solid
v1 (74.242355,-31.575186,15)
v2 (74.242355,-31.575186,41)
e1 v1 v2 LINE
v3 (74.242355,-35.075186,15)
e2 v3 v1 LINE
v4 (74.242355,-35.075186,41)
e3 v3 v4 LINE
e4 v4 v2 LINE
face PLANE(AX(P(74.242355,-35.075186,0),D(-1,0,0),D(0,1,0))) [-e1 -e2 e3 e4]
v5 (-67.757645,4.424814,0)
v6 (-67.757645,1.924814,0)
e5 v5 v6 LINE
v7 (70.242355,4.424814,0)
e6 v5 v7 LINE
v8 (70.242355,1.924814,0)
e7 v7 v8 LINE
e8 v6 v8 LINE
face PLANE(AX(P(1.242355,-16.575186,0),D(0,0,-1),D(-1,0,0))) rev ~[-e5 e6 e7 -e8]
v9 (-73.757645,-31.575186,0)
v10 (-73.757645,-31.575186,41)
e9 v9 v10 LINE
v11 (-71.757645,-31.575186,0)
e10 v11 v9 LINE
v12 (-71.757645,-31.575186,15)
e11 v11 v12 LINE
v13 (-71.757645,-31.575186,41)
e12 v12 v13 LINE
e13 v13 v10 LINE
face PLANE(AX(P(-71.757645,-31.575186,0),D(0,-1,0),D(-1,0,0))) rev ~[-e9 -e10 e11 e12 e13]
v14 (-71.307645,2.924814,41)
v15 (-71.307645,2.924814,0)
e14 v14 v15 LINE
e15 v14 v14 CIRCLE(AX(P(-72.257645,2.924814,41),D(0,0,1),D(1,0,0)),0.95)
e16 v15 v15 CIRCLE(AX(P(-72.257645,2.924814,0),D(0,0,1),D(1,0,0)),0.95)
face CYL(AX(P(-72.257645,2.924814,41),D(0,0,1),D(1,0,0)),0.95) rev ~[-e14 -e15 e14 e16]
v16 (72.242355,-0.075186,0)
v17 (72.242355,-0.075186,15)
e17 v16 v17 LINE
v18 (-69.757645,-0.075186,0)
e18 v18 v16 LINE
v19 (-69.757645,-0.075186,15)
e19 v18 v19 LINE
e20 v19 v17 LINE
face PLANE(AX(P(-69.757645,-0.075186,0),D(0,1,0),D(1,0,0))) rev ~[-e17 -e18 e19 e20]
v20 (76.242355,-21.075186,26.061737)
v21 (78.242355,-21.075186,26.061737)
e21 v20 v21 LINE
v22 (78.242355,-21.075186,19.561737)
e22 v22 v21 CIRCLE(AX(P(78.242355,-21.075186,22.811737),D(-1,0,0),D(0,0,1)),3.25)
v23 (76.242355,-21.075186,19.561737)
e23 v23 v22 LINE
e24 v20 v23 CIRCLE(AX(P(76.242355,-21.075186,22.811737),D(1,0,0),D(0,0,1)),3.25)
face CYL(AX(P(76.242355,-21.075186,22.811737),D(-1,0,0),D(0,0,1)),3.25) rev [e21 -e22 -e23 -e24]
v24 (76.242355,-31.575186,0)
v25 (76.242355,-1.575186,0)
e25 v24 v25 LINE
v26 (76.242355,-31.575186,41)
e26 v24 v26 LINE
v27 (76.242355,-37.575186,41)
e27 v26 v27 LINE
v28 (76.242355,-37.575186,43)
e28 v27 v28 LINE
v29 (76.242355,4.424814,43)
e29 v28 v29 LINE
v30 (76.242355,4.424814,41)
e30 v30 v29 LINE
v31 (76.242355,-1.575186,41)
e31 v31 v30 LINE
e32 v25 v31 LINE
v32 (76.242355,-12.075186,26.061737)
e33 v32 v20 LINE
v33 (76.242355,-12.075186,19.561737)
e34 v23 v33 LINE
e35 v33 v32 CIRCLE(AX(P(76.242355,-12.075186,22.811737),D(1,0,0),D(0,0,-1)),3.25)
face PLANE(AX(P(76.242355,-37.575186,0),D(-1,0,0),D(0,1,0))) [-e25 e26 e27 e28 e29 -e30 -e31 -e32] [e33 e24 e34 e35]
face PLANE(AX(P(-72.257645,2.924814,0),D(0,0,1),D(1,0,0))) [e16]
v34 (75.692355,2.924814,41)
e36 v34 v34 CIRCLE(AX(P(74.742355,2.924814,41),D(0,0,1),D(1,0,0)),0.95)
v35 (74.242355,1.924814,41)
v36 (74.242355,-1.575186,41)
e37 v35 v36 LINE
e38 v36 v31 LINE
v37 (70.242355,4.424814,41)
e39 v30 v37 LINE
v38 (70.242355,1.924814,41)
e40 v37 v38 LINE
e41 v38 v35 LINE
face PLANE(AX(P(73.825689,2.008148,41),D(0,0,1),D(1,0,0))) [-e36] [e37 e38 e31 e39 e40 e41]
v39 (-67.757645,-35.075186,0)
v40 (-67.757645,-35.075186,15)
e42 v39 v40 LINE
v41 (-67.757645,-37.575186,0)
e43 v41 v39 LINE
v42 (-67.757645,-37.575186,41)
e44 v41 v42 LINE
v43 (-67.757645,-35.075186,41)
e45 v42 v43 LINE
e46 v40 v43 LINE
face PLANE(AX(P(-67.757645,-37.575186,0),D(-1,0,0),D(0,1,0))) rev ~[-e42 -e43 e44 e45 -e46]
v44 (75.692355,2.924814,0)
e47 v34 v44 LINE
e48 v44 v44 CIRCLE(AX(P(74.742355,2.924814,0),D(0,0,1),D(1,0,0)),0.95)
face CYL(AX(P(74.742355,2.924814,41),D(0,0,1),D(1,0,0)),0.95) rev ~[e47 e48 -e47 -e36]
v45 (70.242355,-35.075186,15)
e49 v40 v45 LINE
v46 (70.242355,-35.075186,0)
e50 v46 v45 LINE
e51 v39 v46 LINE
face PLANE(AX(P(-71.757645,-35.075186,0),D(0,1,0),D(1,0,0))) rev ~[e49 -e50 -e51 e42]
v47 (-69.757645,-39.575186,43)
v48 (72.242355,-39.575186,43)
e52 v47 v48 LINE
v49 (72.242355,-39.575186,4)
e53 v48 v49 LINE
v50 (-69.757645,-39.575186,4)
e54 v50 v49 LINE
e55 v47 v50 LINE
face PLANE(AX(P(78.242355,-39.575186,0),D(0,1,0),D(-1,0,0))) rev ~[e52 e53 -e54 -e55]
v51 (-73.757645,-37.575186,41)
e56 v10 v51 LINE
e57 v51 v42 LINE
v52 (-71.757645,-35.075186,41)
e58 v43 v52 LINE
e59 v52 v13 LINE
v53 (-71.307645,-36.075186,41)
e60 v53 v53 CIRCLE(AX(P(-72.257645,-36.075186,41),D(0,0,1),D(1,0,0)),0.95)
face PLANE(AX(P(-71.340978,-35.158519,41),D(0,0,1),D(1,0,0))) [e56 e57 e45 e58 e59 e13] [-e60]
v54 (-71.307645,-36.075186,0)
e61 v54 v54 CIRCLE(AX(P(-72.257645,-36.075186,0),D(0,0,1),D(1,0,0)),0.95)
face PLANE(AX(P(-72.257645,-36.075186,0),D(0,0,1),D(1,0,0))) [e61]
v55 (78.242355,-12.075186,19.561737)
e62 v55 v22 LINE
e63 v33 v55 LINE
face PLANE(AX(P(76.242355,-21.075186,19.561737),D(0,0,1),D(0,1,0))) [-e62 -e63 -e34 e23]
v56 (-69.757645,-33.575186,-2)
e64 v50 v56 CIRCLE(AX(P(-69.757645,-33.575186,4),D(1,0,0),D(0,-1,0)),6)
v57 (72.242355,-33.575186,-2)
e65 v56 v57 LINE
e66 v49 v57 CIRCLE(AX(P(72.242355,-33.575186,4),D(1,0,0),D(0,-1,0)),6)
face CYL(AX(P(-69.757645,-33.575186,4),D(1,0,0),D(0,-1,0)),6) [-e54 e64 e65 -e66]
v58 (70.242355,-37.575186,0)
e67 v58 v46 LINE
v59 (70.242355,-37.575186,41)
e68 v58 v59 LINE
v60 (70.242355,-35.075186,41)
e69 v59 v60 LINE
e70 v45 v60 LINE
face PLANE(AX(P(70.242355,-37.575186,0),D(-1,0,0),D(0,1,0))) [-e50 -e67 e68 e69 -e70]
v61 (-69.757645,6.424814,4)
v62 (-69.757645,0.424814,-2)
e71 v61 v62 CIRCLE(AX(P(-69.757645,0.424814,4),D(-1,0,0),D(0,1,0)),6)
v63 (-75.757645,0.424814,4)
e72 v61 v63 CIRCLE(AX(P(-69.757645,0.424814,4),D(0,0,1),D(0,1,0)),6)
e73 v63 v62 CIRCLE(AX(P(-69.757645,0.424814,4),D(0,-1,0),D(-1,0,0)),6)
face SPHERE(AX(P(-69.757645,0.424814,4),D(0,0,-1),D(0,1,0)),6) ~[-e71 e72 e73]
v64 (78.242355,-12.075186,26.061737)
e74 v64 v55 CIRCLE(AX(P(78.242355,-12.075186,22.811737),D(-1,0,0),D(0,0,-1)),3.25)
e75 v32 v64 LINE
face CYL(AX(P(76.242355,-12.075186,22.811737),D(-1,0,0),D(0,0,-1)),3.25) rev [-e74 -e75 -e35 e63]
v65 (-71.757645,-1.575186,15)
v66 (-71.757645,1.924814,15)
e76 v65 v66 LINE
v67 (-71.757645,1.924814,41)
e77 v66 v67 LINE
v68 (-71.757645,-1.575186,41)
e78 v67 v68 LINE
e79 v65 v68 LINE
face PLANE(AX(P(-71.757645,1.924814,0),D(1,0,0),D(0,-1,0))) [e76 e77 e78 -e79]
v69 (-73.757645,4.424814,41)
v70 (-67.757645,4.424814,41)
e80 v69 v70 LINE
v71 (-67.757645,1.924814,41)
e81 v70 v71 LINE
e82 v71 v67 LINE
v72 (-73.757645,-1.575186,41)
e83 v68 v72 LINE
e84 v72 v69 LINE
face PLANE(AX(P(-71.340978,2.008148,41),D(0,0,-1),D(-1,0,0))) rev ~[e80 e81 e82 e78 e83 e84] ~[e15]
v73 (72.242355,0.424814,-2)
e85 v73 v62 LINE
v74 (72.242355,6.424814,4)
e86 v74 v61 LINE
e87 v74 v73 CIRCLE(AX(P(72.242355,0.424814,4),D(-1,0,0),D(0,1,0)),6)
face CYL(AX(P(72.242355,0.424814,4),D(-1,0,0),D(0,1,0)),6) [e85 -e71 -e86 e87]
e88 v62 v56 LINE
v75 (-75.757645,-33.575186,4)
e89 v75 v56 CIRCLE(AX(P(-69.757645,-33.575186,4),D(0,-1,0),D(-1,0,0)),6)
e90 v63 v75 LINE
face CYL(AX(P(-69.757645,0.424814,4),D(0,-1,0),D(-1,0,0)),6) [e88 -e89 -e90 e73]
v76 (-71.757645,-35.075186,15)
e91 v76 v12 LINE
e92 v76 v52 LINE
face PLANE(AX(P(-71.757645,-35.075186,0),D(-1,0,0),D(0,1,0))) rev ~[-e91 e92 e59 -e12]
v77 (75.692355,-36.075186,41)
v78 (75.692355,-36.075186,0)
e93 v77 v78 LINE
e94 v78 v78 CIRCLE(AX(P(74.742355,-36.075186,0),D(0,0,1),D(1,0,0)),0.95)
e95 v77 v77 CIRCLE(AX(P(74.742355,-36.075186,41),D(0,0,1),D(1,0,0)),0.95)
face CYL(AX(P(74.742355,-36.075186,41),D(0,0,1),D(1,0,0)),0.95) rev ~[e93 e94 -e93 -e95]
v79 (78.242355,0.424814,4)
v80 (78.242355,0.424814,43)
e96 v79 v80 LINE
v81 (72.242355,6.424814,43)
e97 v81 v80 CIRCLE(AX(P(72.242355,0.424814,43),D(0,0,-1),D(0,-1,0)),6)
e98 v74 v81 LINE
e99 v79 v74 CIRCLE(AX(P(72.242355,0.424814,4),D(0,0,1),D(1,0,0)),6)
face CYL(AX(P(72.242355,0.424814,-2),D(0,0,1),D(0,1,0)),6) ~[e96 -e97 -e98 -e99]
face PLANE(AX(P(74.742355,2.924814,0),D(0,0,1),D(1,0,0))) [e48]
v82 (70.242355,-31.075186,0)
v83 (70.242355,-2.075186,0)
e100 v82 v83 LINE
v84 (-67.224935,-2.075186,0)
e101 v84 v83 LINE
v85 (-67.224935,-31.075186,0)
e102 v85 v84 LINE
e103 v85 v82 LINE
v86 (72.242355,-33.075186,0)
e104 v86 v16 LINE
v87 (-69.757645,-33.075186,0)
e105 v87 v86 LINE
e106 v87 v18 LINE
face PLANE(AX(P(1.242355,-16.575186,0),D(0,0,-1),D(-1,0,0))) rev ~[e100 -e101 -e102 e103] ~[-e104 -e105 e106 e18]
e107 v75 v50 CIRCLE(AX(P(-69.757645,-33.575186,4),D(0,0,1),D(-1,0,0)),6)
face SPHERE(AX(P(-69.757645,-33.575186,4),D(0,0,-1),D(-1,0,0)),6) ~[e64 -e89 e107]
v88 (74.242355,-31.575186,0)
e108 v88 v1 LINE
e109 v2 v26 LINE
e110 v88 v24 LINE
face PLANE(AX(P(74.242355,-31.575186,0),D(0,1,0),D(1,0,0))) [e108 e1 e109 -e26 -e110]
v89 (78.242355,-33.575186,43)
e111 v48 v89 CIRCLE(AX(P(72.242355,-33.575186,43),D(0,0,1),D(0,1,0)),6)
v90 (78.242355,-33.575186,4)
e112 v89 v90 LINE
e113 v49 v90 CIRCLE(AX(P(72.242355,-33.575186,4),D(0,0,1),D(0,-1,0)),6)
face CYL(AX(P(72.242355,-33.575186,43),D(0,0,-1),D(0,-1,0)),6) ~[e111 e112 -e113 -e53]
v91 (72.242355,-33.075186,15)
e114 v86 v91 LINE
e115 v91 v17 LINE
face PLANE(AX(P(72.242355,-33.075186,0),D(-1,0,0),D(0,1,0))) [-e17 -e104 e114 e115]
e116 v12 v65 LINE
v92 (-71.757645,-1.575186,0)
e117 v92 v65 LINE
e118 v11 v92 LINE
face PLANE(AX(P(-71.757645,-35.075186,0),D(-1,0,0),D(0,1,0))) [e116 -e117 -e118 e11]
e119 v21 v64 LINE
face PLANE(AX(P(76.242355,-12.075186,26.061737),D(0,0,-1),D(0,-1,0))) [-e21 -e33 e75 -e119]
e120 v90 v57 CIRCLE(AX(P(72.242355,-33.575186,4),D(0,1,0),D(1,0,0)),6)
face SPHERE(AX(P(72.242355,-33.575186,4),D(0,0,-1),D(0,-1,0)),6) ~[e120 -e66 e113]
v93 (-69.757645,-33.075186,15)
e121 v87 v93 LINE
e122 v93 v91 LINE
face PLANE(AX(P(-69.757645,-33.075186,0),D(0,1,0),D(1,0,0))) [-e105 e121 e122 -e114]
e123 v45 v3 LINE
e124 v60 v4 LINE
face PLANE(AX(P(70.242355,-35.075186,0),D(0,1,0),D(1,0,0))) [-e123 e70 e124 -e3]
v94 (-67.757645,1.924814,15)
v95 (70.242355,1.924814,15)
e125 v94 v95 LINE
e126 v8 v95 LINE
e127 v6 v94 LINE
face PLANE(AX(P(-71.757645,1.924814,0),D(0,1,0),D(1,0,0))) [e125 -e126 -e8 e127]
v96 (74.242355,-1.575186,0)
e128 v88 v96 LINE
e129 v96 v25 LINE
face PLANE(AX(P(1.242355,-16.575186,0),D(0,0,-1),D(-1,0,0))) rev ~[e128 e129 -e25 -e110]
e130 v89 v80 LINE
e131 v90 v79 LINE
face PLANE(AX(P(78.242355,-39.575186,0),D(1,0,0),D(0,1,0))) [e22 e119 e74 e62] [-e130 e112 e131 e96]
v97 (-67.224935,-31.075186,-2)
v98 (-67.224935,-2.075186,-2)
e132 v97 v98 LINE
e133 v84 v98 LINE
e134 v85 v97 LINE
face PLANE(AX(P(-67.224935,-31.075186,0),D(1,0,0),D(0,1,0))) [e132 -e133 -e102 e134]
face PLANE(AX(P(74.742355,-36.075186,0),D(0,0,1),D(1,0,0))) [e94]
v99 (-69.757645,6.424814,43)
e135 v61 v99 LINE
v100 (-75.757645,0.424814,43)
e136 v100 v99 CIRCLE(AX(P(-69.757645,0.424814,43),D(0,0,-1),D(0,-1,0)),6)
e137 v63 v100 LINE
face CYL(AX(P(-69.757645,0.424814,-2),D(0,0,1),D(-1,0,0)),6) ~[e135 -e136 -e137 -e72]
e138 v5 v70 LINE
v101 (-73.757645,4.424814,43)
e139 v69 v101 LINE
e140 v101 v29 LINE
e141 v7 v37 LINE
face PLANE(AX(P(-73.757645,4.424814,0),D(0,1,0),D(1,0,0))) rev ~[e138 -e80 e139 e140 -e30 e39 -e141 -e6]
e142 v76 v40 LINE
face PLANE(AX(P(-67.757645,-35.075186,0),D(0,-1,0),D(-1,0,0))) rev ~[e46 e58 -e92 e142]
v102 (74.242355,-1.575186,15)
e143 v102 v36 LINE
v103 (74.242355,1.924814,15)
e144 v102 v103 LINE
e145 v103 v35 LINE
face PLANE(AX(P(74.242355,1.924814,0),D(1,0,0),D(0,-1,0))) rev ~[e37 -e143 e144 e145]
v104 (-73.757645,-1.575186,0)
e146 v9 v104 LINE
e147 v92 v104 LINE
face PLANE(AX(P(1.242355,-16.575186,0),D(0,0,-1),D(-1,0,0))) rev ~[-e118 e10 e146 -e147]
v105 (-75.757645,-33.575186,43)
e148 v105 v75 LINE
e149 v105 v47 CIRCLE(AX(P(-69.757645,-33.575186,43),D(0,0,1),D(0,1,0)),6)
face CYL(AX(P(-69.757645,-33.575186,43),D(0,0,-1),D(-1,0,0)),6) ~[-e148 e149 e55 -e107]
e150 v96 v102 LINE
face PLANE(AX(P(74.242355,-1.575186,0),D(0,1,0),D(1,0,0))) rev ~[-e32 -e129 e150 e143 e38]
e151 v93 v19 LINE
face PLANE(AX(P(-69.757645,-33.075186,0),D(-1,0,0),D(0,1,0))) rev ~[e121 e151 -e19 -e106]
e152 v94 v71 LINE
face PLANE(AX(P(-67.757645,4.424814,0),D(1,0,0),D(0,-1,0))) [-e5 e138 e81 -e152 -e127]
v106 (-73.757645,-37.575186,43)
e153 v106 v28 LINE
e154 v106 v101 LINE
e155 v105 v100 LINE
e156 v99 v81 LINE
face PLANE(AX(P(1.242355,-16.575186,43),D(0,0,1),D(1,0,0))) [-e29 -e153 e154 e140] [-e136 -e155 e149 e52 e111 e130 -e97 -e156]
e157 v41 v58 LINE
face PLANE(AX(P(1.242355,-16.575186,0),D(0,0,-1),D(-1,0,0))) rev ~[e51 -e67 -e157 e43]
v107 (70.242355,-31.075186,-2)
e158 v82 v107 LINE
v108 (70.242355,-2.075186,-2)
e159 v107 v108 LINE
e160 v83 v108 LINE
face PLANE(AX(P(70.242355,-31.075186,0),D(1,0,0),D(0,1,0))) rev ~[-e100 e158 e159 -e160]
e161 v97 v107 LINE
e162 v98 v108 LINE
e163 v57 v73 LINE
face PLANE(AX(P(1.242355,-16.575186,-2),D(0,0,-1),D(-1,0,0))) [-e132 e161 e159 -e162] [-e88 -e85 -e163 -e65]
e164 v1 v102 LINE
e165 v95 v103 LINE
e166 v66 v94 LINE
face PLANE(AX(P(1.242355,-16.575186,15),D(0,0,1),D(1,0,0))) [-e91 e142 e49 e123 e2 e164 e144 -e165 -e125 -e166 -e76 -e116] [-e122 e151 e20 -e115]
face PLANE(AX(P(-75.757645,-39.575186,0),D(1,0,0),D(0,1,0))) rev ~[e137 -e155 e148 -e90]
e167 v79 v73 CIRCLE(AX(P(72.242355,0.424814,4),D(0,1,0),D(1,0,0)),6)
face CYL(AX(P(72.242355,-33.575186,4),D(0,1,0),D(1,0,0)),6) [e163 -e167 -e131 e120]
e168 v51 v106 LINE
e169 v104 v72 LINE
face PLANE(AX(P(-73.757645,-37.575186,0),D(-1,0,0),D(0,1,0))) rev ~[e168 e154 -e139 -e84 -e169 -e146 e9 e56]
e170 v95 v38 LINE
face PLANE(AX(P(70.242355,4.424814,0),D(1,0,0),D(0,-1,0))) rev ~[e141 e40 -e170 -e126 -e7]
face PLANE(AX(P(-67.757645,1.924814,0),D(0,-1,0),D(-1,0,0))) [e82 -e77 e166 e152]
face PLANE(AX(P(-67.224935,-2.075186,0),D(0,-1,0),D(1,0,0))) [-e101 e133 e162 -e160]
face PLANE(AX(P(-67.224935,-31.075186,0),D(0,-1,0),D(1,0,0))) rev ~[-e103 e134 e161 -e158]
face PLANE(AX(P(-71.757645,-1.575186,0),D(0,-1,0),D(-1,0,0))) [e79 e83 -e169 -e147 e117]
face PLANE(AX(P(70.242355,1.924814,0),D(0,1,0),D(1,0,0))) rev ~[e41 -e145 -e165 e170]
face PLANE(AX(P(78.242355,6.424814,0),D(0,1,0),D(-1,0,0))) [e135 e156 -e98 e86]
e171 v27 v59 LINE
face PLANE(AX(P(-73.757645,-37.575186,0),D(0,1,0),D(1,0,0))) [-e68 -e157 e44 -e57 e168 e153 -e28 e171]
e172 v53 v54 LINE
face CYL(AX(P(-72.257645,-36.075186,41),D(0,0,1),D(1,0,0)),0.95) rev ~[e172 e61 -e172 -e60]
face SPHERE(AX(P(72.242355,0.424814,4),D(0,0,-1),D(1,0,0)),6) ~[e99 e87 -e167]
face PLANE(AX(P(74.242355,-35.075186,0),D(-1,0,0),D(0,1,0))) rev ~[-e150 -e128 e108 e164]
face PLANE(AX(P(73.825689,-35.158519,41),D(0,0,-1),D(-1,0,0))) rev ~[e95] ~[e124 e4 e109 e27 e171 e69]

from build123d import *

# Parameters (mm, degrees)
SKETCH_1_W          = 154
SKETCH_1_H          = 46
SKETCH_1_W_2        = 150
SKETCH_1_H_2        = 42
EXTRUDE_1_DEPTH     = 43
SKETCH_2_W          = 154
SKETCH_2_H          = 46
EXTRUDE_2_DEPTH     = 2
SKETCH_3_W          = 137.467290134
SKETCH_3_H          = 29
CUT_EXTRUDE_1_DEPTH = 2
SKETCH_3_4_W        = 146
SKETCH_3_4_H        = 37
SKETCH_3_4_W_2      = 142
SKETCH_3_4_H_2      = 33
EXTRUDE_3_DEPTH     = 15
EXTRUDE_9_DEPTH     = 41
SKETCH_8_R          = 0.95
CUT_EXTRUDE_2_DEPTH = 41
FILLET_2_R          = 6
FILLET_3_R          = 6
CUT_EXTRUDE_3_DEPTH = 41


with BuildPart() as part:
    # 草图1 → 凸台-拉伸1 (new body)
    with BuildSketch(Plane.XY):
        with Locations((1.242355366, -16.575185829)):
            Rectangle(SKETCH_1_W, SKETCH_1_H)
        with Locations((1.242355366, -16.575185829)):
            Rectangle(SKETCH_1_W_2, SKETCH_1_H_2, mode=Mode.SUBTRACT)
    extrude(amount=EXTRUDE_1_DEPTH)

    # 草图2 → 凸台-拉伸2 (add)
    with BuildSketch(Plane(origin=(0, 0, 0), x_dir=(-1, 0, 0), z_dir=(0, 0, -1))):
        with Locations((-1.242355366, -16.575185829)):
            Rectangle(SKETCH_2_W, SKETCH_2_H)
    extrude(amount=EXTRUDE_2_DEPTH)

    # 草图3 → 切除-拉伸1 (cut)
    with BuildSketch(Plane.XY):
        with Locations((1.508710299, -16.575185829)):
            Rectangle(SKETCH_3_W, SKETCH_3_H)
    extrude(amount=-CUT_EXTRUDE_1_DEPTH, mode=Mode.SUBTRACT)

    # 草图3<4> → 凸台-拉伸3 (add)
    with BuildSketch(Plane.XY):
        with Locations((1.242355366, -16.575185829)):
            Rectangle(SKETCH_3_4_W, SKETCH_3_4_H)
        with Locations((1.242355366, -16.575185829)):
            Rectangle(SKETCH_3_4_W_2, SKETCH_3_4_H_2, mode=Mode.SUBTRACT)
    extrude(amount=EXTRUDE_3_DEPTH)

    # 草图7 → 凸台-拉伸9 (add)
    with BuildSketch(Plane.XY):
        Polygon((-73.757644634, 4.424814171), (-67.757644634, 4.424814171), (-67.757644634, 1.924814171), (-71.757644634, 1.924814171), (-71.757644634, -1.575185829), (-73.757644634, -1.575185829), align=None)
        Polygon((74.242355366, -1.575185829), (76.242355366, -1.575185829), (76.242355366, 4.424814171), (70.242355366, 4.424814171), (70.242355366, 1.924814171), (74.242355366, 1.924814171), align=None)
        Polygon((74.242355366, -35.075185829), (74.242355366, -31.575185829), (76.242355366, -31.575185829), (76.242355366, -37.575185829), (70.242355366, -37.575185829), (70.242355366, -35.075185829), align=None)
        Polygon((-71.757644634, -31.575185829), (-73.757644634, -31.575185829), (-73.757644634, -37.575185829), (-67.757644634, -37.575185829), (-67.757644634, -35.075185829), (-71.757644634, -35.075185829), align=None)
    extrude(amount=EXTRUDE_9_DEPTH)

    # 草图8 → 切除-拉伸2 (cut)
    with BuildSketch(Plane.XY.offset(41)):
        with Locations((-72.257644634, 2.924814171)):
            Circle(SKETCH_8_R)
        with Locations((-72.257644634, -36.075185829)):
            Circle(SKETCH_8_R)
        with Locations((74.742355366, -36.075185829)):
            Circle(SKETCH_8_R)
        with Locations((74.742355366, 2.924814171)):
            Circle(SKETCH_8_R)
    extrude(amount=-CUT_EXTRUDE_2_DEPTH, mode=Mode.SUBTRACT)

    # 圆角2
    fillet_2_edges = [part.edges().sort_by_distance(p)[0] for p in [
        (-75.757644634, 6.424814171, 20.5),
        (78.242355366, 6.424814171, 20.5),
        (78.242355366, -39.575185829, 20.5),
        (-75.757644634, -39.575185829, 20.5),
    ]]
    fillet(fillet_2_edges, radius=FILLET_2_R)

    # 圆角3
    fillet_3_edges = [part.edges().sort_by_distance(p)[0] for p in [
        (78.242355366, -16.575185829, -2),
        (1.242355366, -39.575185829, -2),
        (-75.757644634, -16.575185829, -2),
        (1.242355366, 6.424814171, -2),
        (-74.000285321, 4.667454858, -2),
        (-74.000285321, -37.817826516, -2),
        (76.484996053, 4.667454858, -2),
        (76.484996053, -37.817826516, -2),
    ]]
    fillet(fillet_3_edges, radius=FILLET_3_R)

    # 草图12 → 切除-拉伸3 (cut)
    with BuildSketch(Plane.ZY.offset(-76.242355366)):
        with BuildLine():
            Line((26.061737121, -12.075185829), (26.061737121, -21.075185829))
            ThreePointArc((26.061737121, -21.075185829), (22.811737121, -24.325185829), (19.561737121, -21.075185829))
            Line((19.561737121, -21.075185829), (19.561737121, -12.075185829))
            ThreePointArc((19.561737121, -12.075185829), (22.811737121, -8.825185829), (26.061737121, -12.075185829))
        make_face()
    extrude(amount=-CUT_EXTRUDE_3_DEPTH, mode=Mode.SUBTRACT)


solid = part.part
